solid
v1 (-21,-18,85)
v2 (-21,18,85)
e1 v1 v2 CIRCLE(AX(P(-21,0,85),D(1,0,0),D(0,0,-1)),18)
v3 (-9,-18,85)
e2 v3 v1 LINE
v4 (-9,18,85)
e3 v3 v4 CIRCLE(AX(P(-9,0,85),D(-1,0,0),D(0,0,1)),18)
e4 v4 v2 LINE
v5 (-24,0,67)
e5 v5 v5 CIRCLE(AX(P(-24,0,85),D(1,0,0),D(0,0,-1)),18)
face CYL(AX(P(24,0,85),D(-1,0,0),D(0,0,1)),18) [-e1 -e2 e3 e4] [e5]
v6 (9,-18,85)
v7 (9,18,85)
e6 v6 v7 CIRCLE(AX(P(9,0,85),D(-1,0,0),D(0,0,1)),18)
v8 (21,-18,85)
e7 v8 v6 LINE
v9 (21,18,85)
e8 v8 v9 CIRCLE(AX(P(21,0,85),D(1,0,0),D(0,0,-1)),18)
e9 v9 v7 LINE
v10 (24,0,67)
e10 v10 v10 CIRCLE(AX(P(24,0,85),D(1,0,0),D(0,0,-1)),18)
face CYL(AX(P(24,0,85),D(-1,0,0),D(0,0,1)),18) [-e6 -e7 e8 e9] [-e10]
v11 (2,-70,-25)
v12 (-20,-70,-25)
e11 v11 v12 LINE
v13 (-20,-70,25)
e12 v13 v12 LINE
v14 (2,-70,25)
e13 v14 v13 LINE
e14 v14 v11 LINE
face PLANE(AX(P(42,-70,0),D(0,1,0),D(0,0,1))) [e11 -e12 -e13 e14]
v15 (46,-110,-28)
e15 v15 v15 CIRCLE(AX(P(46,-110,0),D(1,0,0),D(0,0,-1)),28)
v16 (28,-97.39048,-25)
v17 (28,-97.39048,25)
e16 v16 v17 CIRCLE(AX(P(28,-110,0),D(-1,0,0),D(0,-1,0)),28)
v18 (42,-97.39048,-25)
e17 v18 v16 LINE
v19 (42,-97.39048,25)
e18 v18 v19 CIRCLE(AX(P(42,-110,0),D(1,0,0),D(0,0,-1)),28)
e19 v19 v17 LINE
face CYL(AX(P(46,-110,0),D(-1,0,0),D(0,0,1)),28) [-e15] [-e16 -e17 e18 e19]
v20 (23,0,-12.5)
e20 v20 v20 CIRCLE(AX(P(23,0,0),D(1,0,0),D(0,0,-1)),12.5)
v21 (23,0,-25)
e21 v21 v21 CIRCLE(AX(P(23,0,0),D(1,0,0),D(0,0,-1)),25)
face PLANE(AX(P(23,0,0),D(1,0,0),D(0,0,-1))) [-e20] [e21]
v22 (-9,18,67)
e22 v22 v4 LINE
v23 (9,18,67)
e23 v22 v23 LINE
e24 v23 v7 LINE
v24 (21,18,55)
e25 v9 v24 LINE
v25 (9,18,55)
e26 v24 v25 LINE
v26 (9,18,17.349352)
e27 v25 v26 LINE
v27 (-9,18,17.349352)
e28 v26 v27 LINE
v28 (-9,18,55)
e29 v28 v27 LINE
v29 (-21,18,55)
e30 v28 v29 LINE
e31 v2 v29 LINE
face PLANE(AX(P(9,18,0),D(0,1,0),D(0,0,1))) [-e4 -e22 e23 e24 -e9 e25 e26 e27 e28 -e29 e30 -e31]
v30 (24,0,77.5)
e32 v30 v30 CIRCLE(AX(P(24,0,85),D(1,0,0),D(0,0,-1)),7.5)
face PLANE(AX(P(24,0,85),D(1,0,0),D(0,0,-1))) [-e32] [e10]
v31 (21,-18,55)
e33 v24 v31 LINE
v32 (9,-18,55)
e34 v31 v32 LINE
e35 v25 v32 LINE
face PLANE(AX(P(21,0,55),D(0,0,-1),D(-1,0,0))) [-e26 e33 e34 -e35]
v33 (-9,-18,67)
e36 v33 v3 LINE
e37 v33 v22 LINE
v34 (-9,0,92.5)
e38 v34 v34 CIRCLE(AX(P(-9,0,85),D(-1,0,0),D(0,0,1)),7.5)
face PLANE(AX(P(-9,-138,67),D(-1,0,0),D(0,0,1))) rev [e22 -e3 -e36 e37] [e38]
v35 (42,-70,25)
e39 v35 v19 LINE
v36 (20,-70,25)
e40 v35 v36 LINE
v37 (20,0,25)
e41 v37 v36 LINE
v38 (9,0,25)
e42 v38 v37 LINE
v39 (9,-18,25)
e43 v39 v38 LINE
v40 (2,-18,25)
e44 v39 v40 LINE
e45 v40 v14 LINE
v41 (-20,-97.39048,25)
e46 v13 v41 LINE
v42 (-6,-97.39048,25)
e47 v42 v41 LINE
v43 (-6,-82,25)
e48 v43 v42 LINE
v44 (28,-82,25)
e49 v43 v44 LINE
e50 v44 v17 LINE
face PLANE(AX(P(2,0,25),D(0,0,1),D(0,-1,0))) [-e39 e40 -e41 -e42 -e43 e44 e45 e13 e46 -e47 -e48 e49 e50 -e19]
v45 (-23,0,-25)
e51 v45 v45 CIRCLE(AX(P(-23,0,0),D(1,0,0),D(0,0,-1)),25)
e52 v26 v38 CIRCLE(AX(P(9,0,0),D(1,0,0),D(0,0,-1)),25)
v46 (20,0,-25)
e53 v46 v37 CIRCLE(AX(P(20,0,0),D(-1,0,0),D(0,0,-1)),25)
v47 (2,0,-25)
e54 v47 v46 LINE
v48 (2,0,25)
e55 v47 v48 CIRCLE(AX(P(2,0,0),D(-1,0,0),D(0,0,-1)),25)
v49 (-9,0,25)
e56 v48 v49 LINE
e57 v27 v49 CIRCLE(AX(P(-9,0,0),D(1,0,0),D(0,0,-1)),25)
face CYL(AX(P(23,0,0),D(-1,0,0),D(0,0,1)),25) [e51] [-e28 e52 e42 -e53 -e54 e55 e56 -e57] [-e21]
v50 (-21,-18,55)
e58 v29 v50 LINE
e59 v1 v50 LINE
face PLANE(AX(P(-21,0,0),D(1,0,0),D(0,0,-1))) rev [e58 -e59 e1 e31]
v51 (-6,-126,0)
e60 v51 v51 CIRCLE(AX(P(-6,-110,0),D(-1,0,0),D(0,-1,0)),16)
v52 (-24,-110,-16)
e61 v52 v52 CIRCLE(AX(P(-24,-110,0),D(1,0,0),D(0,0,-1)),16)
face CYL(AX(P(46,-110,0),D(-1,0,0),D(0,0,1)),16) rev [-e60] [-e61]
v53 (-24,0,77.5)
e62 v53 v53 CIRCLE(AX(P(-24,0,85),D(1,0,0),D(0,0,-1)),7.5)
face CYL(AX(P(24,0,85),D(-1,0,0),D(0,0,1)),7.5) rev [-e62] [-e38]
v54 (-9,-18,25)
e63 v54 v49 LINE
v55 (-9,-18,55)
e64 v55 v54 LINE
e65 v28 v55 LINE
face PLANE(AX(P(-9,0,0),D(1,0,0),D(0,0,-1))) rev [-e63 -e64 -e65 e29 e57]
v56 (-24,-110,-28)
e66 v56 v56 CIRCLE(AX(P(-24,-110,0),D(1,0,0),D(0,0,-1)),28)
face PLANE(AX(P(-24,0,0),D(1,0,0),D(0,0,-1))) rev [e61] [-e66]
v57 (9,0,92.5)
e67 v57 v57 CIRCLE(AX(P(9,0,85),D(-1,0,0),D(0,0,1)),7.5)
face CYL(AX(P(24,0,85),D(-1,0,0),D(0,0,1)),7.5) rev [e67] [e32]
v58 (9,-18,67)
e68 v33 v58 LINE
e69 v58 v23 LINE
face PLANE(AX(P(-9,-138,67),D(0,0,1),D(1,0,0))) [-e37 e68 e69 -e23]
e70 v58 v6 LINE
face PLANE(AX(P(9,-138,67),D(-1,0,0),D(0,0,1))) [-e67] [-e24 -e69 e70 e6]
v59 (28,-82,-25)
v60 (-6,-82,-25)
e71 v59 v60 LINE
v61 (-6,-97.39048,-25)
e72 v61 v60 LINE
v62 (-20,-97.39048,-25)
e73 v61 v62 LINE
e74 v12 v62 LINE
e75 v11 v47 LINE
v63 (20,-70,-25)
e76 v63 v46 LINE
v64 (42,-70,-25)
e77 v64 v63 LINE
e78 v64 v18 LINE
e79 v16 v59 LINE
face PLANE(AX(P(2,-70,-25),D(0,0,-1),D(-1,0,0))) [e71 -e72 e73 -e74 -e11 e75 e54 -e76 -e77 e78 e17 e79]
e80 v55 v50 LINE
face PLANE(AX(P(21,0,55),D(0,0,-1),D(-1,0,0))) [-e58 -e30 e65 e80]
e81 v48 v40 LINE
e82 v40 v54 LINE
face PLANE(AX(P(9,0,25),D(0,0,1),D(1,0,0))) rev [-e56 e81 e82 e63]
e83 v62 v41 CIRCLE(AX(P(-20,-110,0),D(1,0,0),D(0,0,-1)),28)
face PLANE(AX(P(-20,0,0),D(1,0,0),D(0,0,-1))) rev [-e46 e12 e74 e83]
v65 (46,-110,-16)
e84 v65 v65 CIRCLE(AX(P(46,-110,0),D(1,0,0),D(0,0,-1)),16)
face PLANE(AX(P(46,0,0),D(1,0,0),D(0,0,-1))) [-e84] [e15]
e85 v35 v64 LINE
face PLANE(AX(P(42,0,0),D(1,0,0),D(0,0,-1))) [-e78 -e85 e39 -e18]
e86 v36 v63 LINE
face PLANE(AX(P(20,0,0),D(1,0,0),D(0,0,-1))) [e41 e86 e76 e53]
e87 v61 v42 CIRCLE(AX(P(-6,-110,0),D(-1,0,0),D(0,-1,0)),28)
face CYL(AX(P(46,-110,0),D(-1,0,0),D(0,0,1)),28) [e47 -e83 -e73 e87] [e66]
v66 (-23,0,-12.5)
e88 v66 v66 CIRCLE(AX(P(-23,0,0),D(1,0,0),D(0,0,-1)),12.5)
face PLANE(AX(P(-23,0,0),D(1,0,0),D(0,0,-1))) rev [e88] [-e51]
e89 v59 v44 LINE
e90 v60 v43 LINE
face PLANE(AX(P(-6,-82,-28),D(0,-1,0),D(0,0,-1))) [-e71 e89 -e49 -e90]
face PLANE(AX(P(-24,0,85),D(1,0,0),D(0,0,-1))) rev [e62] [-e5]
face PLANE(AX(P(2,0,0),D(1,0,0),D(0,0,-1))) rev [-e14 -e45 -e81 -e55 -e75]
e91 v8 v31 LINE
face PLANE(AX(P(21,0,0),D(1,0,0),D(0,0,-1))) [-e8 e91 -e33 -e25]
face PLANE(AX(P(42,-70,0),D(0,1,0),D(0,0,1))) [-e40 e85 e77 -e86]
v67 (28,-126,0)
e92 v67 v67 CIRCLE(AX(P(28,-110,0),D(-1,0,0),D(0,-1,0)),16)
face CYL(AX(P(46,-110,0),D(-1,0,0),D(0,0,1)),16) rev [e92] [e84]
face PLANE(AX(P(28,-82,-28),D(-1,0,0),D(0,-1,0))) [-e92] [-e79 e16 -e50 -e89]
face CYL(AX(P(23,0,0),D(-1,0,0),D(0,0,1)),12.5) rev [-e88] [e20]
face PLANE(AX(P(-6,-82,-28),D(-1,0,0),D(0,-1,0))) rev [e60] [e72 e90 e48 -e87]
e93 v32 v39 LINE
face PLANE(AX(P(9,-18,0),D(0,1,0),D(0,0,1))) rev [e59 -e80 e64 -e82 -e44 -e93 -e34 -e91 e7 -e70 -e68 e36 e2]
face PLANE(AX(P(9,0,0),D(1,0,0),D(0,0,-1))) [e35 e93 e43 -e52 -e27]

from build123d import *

# Parameters (mm, degrees)
SKETCH1_R               = 25
SKETCH1_R_2             = 12.5
BOSS_EXTRUDE1_DEPTH     = 23
BOSS_EXTRUDE3_START     = 20
BOSS_EXTRUDE3_DEPTH     = 18
SKETCH5_R               = 16
BOSS_EXTRUDE4_DEPTH     = 35
BOSS_EXTRUDE5_DEPTH     = 31
CUT_EXTRUDE2_DEPTH      = 155.819249449
CUT_EXTRUDE2_DEPTH_BACK = 155.819249449
SKETCH6_W               = 34
SKETCH6_H               = 70
SKETCH8_R               = 18
SKETCH8_R_2             = 7.5
BOSS_EXTRUDE6_DEPTH     = 24
BOSS_EXTRUDE7_DEPTH     = 21
BOSS_EXTRUDE8_DEPTH     = 9
CUT_EXTRUDE4_DEPTH      = 193.512337267
CUT_EXTRUDE4_DEPTH_BACK = 193.512337267
SKETCH10_W              = 18
SKETCH10_H              = 50


with BuildPart() as part:
    # Sketch1 → Boss-Extrude1 (new, symmetric)
    with BuildSketch(Plane(origin=(0, 0, 0), x_dir=(0, 0, -1), z_dir=(1, 0, 0))):
        Circle(SKETCH1_R)
        Circle(SKETCH1_R_2, mode=Mode.SUBTRACT)
    extrude(amount=BOSS_EXTRUDE1_DEPTH, both=True)

    # Sketch4 → Boss-Extrude3 (add)
    with BuildSketch(Plane(origin=(0, 0, 0), x_dir=(0, 0, -1), z_dir=(1, 0, 0)).offset(BOSS_EXTRUDE3_START)):
        with BuildLine():
            Line((-25, 0), (-25, -70))
            Line((-25, -70), (25, -70))
            Line((25, -70), (25, 0))
            ThreePointArc((25, 0), (0, -25), (-25, 0))
        make_face()
    extrude(amount=-BOSS_EXTRUDE3_DEPTH)



with BuildPart() as body_2:
    # Sketch5 → Boss-Extrude4 (new, symmetric)
    with BuildSketch(Plane(origin=(11, 0, 0), x_dir=(0, 0, -1), z_dir=(1, 0, 0))):
        with BuildLine():
            ThreePointArc((25, -97.390479787), (0, -82), (-25, -97.390479787))
            ThreePointArc((-25, -97.390479787), (-6.480740698, -137.239676944), (28, -110))
            ThreePointArc((28, -110), (27.239676944, -103.519259302), (25, -97.390479787))
        make_face()
        with Locations((0, -110)):
            Circle(SKETCH5_R, mode=Mode.SUBTRACT)
    extrude(amount=BOSS_EXTRUDE4_DEPTH, both=True)


with BuildPart() as part_1:
    add(part.part)

    add(body_2.part)  # Boss-Extrude5 merges body 2
    # Sketch5<4> → Boss-Extrude5 (add, symmetric)
    with BuildSketch(Plane(origin=(11, 0, 0), x_dir=(0, 0, -1), z_dir=(1, 0, 0))):
        with BuildLine():
            Line((-25, -70), (-25, -97.390479787))
            ThreePointArc((-25, -97.390479787), (0, -82), (25, -97.390479787))
            Line((25, -97.390479787), (25, -70))
            Line((25, -70), (-25, -70))
        make_face()
    extrude(amount=BOSS_EXTRUDE5_DEPTH, both=True)

    # Sketch6 → Cut-Extrude2 (cut, two sides: drawn at the far end of the back side and taken through both)
    with BuildSketch(Plane.XY.offset(25).offset(-CUT_EXTRUDE2_DEPTH_BACK)):
        with Locations((11, -117)):
            Rectangle(SKETCH6_W, SKETCH6_H)
    extrude(amount=CUT_EXTRUDE2_DEPTH + CUT_EXTRUDE2_DEPTH_BACK, mode=Mode.SUBTRACT)



with BuildPart() as body_2_2:
    # Sketch8 → Boss-Extrude6 (new, symmetric)
    with BuildSketch(Plane(origin=(0, 0, 0), x_dir=(0, 0, -1), z_dir=(1, 0, 0))):
        with Locations((-85, 0)):
            Circle(SKETCH8_R)
        with Locations((-85, 0)):
            Circle(SKETCH8_R_2, mode=Mode.SUBTRACT)
    extrude(amount=BOSS_EXTRUDE6_DEPTH, both=True)

    # Sketch9 → Boss-Extrude7 (add, symmetric)
    with BuildSketch(Plane(origin=(0, 0, 0), x_dir=(0, 0, -1), z_dir=(1, 0, 0))):
        with BuildLine():
            Line((-55, 18), (-85, 18))
            ThreePointArc((-85, 18), (-67, 0), (-85, -18))
            Line((-85, -18), (-55, -18))
            Line((-55, -18), (-55, 18))
        make_face()
    extrude(amount=BOSS_EXTRUDE7_DEPTH, both=True)


with BuildPart() as part_2:
    add(part_1.part)

    add(body_2_2.part)  # Boss-Extrude8 merges body 2 2
    # Sketch9<3> → Boss-Extrude8 (add, symmetric)
    with BuildSketch(Plane(origin=(0, 0, 0), x_dir=(0, 0, -1), z_dir=(1, 0, 0))):
        with BuildLine():
            Line((-17.349351573, 18), (-55, 18))
            Line((-55, 18), (-55, -18))
            Line((-55, -18), (-25, -18))
            Line((-25, -18), (-25, 0))
            ThreePointArc((-25, 0), (-23.007974588, 9.779218033), (-17.349351573, 18))
        make_face()
    extrude(amount=BOSS_EXTRUDE8_DEPTH, both=True)

    # Sketch10 → Cut-Extrude4 (cut, two sides: drawn at the far end of the back side and taken through both)
    with BuildSketch(Plane(origin=(0, 18, 0), x_dir=(1, 0, 0), z_dir=(0, 1, 0)).offset(-CUT_EXTRUDE4_DEPTH_BACK)):
        with Locations((0, -92)):
            Rectangle(SKETCH10_W, SKETCH10_H)
    extrude(amount=CUT_EXTRUDE4_DEPTH + CUT_EXTRUDE4_DEPTH_BACK, mode=Mode.SUBTRACT)


solid = part_2.part
